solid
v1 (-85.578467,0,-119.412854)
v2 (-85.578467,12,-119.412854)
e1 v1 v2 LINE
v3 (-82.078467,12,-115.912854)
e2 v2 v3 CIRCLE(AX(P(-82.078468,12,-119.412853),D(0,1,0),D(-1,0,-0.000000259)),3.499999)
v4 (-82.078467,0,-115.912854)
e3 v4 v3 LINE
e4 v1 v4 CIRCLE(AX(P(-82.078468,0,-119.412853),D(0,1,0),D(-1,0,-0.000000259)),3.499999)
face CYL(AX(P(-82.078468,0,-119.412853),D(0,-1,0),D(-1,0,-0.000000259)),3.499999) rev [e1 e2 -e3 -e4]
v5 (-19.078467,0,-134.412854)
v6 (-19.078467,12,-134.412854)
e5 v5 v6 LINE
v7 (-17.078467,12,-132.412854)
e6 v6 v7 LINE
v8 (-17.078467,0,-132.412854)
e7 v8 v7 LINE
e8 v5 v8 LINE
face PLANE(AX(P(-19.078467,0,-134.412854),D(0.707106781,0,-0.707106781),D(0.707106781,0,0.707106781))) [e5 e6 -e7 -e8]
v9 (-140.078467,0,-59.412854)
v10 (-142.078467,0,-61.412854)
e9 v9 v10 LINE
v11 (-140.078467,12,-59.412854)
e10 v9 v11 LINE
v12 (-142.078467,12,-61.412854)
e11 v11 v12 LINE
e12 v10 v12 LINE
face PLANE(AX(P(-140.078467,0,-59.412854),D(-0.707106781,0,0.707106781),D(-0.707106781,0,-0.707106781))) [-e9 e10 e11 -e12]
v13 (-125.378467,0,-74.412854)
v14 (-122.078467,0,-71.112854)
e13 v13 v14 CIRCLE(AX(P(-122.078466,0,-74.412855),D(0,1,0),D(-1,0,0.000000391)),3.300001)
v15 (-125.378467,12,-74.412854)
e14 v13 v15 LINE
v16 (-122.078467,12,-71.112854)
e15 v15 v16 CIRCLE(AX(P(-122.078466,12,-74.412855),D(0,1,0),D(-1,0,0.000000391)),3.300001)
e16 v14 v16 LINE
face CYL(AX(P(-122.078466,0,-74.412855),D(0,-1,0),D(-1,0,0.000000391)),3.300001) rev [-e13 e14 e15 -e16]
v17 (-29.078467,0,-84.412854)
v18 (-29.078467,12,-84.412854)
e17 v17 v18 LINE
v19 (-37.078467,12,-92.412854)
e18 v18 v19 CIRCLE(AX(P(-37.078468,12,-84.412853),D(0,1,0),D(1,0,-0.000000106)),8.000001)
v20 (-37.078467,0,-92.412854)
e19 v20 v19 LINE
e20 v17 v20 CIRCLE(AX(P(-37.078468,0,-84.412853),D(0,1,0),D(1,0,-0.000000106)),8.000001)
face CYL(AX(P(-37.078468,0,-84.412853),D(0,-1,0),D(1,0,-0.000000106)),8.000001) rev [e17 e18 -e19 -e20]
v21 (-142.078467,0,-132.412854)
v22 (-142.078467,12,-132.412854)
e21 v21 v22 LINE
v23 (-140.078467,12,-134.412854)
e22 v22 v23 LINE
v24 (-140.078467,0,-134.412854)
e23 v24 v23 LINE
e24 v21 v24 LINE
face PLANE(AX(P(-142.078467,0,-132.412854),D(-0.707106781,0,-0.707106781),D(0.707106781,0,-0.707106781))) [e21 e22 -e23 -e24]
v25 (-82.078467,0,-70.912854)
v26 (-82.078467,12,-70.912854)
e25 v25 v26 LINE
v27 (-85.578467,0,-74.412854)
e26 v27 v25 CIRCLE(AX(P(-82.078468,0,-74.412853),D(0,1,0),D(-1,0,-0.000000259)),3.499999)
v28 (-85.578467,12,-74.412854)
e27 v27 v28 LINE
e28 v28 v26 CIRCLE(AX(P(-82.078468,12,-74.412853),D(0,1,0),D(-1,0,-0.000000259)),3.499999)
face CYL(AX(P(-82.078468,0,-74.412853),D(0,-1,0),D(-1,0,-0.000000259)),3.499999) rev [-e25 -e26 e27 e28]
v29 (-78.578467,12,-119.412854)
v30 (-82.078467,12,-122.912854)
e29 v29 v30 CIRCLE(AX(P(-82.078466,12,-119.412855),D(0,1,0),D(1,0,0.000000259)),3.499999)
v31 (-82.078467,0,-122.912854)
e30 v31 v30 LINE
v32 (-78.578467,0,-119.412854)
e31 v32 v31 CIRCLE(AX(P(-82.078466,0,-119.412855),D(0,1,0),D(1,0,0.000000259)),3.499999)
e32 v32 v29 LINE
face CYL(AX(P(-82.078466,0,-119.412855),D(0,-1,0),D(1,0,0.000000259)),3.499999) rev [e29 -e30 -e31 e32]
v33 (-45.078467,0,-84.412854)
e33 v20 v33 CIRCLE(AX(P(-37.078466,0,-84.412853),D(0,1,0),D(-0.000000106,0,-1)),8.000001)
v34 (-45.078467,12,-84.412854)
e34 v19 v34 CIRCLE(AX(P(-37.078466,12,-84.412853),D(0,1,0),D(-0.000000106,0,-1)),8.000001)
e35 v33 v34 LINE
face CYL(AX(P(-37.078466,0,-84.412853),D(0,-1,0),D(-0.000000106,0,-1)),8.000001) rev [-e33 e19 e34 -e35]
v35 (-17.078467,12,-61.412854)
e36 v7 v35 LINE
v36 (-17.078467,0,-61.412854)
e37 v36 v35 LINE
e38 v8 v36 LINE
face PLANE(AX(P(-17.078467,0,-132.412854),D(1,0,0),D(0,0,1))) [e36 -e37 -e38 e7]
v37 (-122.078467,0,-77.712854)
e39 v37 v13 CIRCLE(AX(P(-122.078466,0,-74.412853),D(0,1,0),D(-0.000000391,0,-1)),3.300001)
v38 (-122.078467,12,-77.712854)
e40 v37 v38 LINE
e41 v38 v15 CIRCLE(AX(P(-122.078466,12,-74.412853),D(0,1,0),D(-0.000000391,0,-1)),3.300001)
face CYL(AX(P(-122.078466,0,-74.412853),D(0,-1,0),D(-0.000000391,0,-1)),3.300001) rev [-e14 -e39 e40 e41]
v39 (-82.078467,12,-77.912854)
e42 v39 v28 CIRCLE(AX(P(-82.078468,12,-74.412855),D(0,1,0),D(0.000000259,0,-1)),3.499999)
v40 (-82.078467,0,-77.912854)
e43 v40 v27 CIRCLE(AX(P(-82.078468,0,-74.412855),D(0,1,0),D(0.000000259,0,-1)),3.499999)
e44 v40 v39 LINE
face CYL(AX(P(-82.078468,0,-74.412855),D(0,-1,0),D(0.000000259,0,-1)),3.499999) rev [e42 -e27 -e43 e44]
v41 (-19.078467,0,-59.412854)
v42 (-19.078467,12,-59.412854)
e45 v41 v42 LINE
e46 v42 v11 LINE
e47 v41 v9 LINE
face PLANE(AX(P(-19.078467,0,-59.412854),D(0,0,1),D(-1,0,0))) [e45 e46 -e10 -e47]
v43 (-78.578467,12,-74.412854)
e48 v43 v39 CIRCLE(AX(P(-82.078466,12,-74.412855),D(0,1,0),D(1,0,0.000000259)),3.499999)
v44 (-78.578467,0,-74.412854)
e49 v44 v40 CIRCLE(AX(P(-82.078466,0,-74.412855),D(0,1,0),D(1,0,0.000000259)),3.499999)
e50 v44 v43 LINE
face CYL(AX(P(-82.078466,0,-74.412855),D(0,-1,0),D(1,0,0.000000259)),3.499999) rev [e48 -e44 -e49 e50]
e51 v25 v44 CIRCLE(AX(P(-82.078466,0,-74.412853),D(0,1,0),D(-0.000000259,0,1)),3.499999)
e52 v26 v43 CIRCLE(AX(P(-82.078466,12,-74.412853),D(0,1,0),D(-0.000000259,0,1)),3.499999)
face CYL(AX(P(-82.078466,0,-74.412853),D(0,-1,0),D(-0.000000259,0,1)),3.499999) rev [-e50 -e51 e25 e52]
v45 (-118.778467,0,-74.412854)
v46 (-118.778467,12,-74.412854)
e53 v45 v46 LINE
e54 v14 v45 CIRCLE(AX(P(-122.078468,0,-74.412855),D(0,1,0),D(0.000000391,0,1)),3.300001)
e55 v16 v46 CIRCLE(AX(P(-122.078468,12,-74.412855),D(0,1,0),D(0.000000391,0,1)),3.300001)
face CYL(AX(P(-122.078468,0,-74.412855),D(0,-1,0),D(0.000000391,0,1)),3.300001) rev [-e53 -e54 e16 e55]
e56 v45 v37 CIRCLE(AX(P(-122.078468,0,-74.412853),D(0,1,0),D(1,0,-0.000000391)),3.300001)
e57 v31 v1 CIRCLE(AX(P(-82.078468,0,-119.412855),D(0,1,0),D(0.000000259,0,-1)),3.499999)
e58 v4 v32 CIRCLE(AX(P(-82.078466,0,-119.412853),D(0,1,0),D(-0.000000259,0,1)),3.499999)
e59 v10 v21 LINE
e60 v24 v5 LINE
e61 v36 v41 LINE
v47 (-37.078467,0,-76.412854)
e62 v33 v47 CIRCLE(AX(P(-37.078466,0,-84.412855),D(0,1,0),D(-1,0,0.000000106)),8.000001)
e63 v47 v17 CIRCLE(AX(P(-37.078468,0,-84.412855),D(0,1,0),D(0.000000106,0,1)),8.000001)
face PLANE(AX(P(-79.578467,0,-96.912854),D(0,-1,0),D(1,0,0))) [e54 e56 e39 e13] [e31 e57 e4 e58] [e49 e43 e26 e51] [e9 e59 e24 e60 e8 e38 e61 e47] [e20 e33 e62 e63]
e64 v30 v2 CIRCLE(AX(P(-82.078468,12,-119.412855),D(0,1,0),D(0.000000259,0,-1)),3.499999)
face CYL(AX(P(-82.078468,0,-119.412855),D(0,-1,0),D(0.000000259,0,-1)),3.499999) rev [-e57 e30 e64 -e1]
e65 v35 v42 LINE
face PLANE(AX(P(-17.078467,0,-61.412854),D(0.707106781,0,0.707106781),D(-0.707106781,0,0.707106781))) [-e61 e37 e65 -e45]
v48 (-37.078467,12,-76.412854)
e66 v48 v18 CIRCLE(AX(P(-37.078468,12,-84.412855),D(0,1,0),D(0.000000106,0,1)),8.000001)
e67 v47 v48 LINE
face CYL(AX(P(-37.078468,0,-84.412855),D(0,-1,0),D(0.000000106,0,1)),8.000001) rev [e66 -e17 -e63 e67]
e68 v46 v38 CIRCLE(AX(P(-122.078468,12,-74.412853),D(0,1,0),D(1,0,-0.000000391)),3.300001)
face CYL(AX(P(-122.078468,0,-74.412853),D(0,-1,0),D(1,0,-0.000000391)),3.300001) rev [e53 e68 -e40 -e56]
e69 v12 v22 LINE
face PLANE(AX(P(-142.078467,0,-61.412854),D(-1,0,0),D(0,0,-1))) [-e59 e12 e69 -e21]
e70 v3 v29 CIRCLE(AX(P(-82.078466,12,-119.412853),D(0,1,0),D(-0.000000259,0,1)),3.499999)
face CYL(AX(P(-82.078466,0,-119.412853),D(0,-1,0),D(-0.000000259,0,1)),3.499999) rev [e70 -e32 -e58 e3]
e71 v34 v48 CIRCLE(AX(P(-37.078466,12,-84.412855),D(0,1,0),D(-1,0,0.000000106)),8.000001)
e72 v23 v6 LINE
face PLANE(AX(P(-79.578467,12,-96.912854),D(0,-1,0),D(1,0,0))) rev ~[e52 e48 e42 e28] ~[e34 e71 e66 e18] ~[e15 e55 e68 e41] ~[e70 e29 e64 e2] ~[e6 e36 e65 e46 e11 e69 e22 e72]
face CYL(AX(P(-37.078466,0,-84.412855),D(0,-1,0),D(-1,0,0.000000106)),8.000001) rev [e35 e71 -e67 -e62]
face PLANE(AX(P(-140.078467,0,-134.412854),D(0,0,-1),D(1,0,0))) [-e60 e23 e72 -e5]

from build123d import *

# Parameters (mm, degrees)
F1_DEPTH = 12


with BuildPart() as f1:
    # F0 (on Front) → F1 (new body)
    with BuildSketch(Plane.XZ):
        Polygon((-140.078467, -134.412854), (-19.078467, -134.412854), (-17.078467, -132.412854), (-17.078467, -61.412854), (-19.078467, -59.412854), (-140.078467, -59.412854), (-142.078467, -61.412854), (-142.078467, -132.412854), align=None)
        with BuildLine():
            ThreePointArc((-82.078467, -115.912854), (-79.603593, -116.93798), (-78.578467, -119.412854))
            ThreePointArc((-78.578467, -119.412854), (-79.603593, -121.887728), (-82.078467, -122.912854))
            ThreePointArc((-82.078467, -122.912854), (-84.553341, -121.887728), (-85.578467, -119.412854))
            ThreePointArc((-85.578467, -119.412854), (-84.553341, -116.93798), (-82.078467, -115.912854))
        make_face(mode=Mode.SUBTRACT)
        with BuildLine():
            ThreePointArc((-125.378467, -74.412854), (-124.411919, -72.079402), (-122.078467, -71.112854))
            ThreePointArc((-122.078467, -71.112854), (-119.745015, -72.079402), (-118.778467, -74.412854))
            ThreePointArc((-118.778467, -74.412854), (-119.745015, -76.746306), (-122.078467, -77.712854))
            ThreePointArc((-122.078467, -77.712854), (-124.411919, -76.746306), (-125.378467, -74.412854))
        make_face(mode=Mode.SUBTRACT)
        with BuildLine():
            ThreePointArc((-82.078467, -70.912854), (-79.603593, -71.93798), (-78.578467, -74.412854))
            ThreePointArc((-78.578467, -74.412854), (-79.603593, -76.887728), (-82.078467, -77.912854))
            ThreePointArc((-82.078467, -77.912854), (-84.553341, -76.887728), (-85.578467, -74.412854))
            ThreePointArc((-85.578467, -74.412854), (-84.553341, -71.93798), (-82.078467, -70.912854))
        make_face(mode=Mode.SUBTRACT)
        with BuildLine():
            ThreePointArc((-45.078467, -84.412854), (-42.735321, -78.756), (-37.078467, -76.412854))
            ThreePointArc((-37.078467, -76.412854), (-31.421613, -78.756), (-29.078467, -84.412854))
            ThreePointArc((-29.078467, -84.412854), (-31.421613, -90.069708), (-37.078467, -92.412854))
            ThreePointArc((-37.078467, -92.412854), (-42.735321, -90.069708), (-45.078467, -84.412854))
        make_face(mode=Mode.SUBTRACT)
    extrude(amount=-F1_DEPTH)


solid = f1.part
